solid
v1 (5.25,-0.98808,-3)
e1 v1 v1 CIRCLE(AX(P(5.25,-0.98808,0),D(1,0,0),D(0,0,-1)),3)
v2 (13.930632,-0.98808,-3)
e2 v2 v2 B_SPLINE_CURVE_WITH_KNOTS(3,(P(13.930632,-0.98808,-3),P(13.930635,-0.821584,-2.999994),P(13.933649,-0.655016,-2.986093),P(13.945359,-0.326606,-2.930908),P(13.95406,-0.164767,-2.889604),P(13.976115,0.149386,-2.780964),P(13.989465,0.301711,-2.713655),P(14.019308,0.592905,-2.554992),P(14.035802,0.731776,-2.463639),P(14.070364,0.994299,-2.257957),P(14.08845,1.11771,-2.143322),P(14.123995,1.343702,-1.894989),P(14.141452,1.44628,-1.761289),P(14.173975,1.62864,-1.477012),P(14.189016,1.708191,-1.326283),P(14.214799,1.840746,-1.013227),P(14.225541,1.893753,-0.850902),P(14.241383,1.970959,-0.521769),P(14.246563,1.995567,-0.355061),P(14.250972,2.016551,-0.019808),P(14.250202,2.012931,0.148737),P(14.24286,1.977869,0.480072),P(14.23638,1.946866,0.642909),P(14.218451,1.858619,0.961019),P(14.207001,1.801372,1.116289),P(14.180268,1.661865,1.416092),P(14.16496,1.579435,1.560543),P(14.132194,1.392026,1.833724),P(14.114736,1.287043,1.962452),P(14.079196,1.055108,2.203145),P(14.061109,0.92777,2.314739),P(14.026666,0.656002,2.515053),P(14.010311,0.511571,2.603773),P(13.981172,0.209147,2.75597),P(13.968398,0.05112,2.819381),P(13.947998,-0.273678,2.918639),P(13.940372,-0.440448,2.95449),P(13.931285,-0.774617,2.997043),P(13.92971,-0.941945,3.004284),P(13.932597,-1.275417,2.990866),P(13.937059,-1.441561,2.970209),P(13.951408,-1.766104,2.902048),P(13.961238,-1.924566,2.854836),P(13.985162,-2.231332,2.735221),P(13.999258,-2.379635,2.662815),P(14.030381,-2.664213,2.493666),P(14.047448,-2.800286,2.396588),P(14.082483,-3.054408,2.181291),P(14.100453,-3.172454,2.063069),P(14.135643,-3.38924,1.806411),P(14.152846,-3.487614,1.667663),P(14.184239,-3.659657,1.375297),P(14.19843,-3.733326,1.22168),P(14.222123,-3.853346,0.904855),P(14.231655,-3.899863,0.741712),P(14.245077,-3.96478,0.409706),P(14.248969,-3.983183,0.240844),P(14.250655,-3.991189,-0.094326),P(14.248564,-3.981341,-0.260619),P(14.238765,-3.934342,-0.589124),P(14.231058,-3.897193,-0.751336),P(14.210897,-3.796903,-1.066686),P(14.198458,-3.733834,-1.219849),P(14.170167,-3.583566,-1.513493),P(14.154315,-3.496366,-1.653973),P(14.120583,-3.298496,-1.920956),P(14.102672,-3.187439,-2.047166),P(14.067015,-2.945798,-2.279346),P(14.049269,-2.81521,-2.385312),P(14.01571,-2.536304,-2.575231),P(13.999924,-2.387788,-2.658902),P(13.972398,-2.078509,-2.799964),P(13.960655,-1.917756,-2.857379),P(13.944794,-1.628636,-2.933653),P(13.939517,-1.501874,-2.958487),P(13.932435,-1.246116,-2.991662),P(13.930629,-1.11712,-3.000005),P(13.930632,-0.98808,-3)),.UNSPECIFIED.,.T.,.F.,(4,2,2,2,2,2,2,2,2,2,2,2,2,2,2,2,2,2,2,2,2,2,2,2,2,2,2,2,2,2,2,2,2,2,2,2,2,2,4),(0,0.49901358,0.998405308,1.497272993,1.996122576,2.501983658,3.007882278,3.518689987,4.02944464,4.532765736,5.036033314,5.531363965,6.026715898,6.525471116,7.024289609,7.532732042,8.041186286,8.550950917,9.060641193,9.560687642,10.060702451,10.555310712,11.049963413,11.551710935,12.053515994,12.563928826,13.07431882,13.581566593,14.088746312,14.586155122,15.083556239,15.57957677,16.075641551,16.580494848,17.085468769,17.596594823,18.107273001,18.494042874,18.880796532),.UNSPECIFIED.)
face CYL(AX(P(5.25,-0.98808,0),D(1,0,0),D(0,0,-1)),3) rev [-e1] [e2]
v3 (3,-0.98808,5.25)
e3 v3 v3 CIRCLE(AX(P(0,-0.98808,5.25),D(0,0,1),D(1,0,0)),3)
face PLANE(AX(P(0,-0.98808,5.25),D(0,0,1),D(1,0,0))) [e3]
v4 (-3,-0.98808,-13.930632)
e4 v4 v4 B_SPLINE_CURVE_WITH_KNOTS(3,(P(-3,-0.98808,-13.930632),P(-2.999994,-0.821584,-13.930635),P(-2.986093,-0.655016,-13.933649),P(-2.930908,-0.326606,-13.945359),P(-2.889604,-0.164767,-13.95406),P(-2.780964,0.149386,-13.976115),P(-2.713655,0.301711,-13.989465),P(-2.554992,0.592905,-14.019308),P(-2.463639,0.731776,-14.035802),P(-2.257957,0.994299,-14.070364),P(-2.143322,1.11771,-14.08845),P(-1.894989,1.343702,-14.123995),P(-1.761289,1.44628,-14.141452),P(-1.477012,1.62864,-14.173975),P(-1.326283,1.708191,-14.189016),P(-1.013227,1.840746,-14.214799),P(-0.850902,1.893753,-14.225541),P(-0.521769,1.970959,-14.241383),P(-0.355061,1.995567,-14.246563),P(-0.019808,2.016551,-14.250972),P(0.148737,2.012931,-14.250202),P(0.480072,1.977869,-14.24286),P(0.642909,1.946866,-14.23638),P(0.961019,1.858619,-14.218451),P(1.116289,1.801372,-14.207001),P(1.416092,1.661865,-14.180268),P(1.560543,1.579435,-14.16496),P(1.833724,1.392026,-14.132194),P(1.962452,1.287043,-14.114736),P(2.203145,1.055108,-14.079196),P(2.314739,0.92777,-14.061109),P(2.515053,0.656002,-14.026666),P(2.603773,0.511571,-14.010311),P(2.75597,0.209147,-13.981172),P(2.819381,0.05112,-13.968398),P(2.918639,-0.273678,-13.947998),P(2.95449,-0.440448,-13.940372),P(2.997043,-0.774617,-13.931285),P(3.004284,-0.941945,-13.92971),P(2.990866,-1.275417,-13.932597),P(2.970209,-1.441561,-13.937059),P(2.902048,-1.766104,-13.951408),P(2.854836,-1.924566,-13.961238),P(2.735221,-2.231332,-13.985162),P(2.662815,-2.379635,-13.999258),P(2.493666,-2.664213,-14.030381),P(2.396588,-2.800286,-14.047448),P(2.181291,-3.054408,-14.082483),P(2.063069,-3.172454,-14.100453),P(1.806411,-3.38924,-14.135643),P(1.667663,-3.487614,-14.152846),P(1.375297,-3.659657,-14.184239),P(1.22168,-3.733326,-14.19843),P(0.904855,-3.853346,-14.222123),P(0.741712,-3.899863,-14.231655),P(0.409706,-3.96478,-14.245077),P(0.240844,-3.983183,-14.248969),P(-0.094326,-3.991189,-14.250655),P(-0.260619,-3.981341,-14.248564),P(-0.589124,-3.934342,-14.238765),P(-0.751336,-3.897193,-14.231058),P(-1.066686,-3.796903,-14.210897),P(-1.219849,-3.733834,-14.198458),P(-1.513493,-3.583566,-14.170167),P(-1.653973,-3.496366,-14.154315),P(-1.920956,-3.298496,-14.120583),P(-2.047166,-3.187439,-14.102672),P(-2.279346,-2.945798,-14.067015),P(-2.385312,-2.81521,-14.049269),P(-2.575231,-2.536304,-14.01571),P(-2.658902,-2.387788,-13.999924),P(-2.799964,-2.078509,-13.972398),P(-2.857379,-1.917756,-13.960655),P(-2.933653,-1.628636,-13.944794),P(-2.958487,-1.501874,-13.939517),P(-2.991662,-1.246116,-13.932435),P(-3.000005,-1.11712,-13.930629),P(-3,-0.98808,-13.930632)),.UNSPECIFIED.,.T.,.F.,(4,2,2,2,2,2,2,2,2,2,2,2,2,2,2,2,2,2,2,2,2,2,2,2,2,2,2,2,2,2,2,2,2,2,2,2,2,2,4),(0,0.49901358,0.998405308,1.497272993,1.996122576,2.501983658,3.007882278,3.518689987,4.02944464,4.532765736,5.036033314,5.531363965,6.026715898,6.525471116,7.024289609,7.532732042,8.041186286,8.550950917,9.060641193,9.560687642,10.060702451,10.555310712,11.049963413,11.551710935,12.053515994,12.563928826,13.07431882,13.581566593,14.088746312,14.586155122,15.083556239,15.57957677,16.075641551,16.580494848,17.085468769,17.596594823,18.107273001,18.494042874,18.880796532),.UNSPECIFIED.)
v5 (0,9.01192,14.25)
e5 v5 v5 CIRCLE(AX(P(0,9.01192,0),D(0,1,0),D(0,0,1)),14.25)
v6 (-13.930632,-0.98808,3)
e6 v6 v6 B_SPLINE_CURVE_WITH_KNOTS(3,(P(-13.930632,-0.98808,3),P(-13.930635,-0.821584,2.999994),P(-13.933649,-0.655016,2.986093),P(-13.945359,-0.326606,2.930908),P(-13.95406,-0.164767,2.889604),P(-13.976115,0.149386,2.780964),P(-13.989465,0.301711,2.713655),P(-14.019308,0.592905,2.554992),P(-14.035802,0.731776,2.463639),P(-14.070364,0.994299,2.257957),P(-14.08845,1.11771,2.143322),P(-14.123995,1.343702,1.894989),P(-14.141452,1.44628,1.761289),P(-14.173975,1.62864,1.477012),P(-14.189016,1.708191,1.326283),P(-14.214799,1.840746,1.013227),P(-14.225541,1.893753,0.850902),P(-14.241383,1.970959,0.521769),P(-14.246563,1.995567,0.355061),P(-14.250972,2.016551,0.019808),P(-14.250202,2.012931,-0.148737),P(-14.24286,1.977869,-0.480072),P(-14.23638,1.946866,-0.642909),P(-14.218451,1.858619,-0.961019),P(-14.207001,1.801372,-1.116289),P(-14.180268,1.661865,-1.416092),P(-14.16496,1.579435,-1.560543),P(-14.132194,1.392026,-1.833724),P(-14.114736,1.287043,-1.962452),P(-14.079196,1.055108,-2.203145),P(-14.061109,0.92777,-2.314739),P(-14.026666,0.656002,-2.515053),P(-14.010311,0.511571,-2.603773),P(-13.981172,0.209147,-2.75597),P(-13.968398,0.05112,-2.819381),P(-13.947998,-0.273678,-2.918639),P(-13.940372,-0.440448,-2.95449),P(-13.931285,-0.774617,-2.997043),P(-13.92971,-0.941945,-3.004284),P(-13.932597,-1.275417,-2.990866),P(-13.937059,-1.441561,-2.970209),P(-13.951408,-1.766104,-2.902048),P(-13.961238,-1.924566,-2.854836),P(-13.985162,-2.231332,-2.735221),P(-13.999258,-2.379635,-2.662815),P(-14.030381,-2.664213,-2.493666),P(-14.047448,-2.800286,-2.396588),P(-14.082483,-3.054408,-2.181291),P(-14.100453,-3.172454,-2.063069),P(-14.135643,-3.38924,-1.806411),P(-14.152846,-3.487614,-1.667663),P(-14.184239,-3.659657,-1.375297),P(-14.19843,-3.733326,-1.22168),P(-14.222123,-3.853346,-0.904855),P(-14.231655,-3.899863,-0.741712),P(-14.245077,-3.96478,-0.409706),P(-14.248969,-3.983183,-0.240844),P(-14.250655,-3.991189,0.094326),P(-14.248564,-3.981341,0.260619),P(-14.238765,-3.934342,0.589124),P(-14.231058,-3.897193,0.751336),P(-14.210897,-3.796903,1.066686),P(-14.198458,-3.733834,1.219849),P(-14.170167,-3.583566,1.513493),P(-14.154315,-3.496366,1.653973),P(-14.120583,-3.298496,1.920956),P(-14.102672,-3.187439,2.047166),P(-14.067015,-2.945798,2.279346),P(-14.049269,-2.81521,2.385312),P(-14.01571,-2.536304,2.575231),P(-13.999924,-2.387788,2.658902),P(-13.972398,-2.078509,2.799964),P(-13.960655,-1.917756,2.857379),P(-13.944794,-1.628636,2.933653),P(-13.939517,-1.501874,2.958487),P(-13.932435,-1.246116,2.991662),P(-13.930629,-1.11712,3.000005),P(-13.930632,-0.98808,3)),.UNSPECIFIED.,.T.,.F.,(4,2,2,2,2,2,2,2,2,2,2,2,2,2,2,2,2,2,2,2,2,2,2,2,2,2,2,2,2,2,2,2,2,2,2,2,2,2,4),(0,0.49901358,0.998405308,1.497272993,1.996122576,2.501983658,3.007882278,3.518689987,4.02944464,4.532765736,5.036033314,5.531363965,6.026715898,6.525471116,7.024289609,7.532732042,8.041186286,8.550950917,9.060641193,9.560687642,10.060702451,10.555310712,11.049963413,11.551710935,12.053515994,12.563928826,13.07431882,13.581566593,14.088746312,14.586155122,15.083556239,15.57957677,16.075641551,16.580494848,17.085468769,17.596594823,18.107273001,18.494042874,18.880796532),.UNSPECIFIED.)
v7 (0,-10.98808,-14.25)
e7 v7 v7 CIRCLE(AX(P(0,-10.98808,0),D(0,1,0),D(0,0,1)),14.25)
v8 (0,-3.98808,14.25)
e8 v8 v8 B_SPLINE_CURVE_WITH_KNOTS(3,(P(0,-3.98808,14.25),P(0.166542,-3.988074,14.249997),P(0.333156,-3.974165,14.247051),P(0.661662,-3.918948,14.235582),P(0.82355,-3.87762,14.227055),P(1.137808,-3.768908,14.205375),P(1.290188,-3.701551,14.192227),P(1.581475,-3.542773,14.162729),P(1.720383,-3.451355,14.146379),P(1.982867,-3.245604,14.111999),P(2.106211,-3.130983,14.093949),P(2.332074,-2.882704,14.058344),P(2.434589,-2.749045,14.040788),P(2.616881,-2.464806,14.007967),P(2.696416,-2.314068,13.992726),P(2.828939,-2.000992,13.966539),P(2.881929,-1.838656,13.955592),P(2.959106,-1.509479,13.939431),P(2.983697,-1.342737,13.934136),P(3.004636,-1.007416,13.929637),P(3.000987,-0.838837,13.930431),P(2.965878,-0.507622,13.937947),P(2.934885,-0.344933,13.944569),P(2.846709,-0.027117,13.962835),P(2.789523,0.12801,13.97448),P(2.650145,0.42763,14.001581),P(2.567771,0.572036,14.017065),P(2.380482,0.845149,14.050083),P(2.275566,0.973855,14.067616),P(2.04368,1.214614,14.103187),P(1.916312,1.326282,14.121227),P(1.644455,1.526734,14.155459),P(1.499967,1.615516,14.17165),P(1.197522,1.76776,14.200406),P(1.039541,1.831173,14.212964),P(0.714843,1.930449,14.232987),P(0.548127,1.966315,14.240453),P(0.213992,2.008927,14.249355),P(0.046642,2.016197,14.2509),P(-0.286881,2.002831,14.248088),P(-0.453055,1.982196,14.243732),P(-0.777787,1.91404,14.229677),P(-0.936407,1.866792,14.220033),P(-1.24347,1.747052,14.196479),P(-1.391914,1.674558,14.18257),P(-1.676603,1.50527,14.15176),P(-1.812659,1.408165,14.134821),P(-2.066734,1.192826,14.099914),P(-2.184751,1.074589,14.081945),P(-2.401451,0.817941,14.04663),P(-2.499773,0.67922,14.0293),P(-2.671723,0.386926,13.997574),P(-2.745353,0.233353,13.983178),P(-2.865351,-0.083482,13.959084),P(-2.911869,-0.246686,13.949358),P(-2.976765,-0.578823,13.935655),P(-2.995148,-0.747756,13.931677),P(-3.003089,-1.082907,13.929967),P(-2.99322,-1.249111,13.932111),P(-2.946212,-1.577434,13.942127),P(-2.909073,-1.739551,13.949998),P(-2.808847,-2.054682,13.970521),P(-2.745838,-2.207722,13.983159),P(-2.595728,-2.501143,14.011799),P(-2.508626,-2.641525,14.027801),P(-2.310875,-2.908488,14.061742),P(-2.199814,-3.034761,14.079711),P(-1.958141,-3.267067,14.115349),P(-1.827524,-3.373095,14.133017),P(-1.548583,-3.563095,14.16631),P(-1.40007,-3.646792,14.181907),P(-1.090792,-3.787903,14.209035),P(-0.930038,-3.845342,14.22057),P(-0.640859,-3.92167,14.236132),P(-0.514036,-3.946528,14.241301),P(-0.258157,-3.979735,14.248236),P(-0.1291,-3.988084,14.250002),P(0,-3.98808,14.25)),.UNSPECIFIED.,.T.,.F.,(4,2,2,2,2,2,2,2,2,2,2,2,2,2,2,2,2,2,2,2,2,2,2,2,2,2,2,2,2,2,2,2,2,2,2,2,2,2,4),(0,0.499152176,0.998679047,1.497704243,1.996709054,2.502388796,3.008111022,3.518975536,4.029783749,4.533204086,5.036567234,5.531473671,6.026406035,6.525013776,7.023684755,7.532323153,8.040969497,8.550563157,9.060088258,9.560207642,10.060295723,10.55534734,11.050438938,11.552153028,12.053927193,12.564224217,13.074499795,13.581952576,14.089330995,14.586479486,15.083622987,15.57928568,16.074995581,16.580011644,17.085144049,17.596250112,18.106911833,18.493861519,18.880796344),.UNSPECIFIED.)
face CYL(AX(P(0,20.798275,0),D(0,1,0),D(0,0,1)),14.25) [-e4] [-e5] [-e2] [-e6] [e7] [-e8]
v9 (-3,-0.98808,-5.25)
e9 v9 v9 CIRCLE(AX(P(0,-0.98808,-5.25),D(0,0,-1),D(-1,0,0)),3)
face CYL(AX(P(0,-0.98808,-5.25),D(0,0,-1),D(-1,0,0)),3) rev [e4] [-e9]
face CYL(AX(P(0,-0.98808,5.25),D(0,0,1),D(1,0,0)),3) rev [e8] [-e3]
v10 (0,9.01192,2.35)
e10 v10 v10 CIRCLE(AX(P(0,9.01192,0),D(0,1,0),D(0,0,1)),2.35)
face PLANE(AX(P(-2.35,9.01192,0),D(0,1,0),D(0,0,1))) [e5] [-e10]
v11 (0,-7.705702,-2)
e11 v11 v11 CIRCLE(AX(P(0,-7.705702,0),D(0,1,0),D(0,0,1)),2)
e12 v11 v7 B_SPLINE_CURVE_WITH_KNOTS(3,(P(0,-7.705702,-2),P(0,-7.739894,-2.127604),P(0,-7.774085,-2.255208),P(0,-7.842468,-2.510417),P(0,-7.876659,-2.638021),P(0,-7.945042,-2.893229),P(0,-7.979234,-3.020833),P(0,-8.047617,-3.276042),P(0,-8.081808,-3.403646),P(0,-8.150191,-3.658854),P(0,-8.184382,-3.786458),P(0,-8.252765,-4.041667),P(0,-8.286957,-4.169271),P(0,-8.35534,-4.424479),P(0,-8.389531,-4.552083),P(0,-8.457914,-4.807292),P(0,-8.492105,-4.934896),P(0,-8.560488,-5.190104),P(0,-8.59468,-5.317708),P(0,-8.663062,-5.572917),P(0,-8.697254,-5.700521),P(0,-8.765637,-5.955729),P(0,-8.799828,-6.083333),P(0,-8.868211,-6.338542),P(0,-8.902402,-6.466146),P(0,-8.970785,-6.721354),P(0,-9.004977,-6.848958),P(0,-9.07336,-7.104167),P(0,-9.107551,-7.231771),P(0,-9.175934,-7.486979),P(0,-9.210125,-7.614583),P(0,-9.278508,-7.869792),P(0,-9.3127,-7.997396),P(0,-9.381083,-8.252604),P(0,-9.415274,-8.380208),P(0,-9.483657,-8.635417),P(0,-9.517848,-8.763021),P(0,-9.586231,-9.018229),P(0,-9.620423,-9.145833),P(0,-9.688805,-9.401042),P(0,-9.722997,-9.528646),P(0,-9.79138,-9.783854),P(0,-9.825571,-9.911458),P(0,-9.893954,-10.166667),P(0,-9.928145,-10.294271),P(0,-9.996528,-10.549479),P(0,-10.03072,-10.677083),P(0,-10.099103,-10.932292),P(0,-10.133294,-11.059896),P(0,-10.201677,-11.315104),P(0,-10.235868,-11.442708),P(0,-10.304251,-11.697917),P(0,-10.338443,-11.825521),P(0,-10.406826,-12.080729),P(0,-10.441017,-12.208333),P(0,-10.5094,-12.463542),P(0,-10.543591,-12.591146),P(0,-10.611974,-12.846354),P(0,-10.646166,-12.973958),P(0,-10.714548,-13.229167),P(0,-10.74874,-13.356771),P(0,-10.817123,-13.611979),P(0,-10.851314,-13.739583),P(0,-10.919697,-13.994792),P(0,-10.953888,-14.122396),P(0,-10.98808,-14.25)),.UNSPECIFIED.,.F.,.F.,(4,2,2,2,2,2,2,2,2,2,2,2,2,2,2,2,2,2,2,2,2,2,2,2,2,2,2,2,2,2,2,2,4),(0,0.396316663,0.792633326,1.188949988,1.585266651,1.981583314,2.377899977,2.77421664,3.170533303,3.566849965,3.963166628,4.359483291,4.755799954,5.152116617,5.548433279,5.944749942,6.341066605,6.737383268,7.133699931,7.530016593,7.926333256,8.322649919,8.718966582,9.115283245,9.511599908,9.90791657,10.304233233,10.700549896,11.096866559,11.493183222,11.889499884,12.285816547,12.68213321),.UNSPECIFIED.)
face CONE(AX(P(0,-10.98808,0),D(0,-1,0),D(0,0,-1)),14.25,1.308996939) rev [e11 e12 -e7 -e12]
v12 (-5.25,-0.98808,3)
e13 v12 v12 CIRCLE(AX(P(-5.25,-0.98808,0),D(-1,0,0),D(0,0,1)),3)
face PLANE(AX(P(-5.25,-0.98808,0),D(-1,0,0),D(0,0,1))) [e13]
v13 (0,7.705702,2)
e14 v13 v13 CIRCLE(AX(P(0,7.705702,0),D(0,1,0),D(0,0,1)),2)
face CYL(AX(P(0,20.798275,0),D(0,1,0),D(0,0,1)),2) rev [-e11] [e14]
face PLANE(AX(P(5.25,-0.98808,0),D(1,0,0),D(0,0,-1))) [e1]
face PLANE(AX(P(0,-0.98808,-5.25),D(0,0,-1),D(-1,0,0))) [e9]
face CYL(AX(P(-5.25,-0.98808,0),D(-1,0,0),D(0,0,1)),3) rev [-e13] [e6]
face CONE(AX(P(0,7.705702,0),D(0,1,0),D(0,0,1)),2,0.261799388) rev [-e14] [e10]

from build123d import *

# Parameters (mm, degrees)
SKETCH2_R          = 3
CUT_EXTRUDE1_DEPTH = 9
CIRPATTERN1_COUNT  = 4


with BuildPart() as part:
    # Sketch1 → Revolve1 (revolve)
    with BuildSketch(Plane.XY):
        Polygon((-2, 7.705702305), (-2, -7.705702305), (-14.25, -10.988079912), (-14.25, 9.011920088), (-2.35, 9.011920088), align=None)
    revolve(axis=Axis((0, 20.798274686, 0), (0, -1, 0)))

    # Sketch2 → Cut-Extrude1 (cut)
    with BuildSketch(Plane(origin=(14.25, 0, 0), x_dir=(0, 0, -1), z_dir=(1, 0, 0))):
        with Locations((0, -0.988079912)):
            Circle(SKETCH2_R)
    cut_extrude1 = extrude(amount=-CUT_EXTRUDE1_DEPTH, mode=Mode.SUBTRACT)

    # CirPattern1: Cut-Extrude1 ×4 about axis
    cirpattern1_axis = Axis((0, -10.988079912, 0), (0, 1, 0))
    for i in range(1, CIRPATTERN1_COUNT):
        add(cut_extrude1.rotate(cirpattern1_axis, i * 360 / CIRPATTERN1_COUNT), mode=Mode.SUBTRACT)


solid = part.part
